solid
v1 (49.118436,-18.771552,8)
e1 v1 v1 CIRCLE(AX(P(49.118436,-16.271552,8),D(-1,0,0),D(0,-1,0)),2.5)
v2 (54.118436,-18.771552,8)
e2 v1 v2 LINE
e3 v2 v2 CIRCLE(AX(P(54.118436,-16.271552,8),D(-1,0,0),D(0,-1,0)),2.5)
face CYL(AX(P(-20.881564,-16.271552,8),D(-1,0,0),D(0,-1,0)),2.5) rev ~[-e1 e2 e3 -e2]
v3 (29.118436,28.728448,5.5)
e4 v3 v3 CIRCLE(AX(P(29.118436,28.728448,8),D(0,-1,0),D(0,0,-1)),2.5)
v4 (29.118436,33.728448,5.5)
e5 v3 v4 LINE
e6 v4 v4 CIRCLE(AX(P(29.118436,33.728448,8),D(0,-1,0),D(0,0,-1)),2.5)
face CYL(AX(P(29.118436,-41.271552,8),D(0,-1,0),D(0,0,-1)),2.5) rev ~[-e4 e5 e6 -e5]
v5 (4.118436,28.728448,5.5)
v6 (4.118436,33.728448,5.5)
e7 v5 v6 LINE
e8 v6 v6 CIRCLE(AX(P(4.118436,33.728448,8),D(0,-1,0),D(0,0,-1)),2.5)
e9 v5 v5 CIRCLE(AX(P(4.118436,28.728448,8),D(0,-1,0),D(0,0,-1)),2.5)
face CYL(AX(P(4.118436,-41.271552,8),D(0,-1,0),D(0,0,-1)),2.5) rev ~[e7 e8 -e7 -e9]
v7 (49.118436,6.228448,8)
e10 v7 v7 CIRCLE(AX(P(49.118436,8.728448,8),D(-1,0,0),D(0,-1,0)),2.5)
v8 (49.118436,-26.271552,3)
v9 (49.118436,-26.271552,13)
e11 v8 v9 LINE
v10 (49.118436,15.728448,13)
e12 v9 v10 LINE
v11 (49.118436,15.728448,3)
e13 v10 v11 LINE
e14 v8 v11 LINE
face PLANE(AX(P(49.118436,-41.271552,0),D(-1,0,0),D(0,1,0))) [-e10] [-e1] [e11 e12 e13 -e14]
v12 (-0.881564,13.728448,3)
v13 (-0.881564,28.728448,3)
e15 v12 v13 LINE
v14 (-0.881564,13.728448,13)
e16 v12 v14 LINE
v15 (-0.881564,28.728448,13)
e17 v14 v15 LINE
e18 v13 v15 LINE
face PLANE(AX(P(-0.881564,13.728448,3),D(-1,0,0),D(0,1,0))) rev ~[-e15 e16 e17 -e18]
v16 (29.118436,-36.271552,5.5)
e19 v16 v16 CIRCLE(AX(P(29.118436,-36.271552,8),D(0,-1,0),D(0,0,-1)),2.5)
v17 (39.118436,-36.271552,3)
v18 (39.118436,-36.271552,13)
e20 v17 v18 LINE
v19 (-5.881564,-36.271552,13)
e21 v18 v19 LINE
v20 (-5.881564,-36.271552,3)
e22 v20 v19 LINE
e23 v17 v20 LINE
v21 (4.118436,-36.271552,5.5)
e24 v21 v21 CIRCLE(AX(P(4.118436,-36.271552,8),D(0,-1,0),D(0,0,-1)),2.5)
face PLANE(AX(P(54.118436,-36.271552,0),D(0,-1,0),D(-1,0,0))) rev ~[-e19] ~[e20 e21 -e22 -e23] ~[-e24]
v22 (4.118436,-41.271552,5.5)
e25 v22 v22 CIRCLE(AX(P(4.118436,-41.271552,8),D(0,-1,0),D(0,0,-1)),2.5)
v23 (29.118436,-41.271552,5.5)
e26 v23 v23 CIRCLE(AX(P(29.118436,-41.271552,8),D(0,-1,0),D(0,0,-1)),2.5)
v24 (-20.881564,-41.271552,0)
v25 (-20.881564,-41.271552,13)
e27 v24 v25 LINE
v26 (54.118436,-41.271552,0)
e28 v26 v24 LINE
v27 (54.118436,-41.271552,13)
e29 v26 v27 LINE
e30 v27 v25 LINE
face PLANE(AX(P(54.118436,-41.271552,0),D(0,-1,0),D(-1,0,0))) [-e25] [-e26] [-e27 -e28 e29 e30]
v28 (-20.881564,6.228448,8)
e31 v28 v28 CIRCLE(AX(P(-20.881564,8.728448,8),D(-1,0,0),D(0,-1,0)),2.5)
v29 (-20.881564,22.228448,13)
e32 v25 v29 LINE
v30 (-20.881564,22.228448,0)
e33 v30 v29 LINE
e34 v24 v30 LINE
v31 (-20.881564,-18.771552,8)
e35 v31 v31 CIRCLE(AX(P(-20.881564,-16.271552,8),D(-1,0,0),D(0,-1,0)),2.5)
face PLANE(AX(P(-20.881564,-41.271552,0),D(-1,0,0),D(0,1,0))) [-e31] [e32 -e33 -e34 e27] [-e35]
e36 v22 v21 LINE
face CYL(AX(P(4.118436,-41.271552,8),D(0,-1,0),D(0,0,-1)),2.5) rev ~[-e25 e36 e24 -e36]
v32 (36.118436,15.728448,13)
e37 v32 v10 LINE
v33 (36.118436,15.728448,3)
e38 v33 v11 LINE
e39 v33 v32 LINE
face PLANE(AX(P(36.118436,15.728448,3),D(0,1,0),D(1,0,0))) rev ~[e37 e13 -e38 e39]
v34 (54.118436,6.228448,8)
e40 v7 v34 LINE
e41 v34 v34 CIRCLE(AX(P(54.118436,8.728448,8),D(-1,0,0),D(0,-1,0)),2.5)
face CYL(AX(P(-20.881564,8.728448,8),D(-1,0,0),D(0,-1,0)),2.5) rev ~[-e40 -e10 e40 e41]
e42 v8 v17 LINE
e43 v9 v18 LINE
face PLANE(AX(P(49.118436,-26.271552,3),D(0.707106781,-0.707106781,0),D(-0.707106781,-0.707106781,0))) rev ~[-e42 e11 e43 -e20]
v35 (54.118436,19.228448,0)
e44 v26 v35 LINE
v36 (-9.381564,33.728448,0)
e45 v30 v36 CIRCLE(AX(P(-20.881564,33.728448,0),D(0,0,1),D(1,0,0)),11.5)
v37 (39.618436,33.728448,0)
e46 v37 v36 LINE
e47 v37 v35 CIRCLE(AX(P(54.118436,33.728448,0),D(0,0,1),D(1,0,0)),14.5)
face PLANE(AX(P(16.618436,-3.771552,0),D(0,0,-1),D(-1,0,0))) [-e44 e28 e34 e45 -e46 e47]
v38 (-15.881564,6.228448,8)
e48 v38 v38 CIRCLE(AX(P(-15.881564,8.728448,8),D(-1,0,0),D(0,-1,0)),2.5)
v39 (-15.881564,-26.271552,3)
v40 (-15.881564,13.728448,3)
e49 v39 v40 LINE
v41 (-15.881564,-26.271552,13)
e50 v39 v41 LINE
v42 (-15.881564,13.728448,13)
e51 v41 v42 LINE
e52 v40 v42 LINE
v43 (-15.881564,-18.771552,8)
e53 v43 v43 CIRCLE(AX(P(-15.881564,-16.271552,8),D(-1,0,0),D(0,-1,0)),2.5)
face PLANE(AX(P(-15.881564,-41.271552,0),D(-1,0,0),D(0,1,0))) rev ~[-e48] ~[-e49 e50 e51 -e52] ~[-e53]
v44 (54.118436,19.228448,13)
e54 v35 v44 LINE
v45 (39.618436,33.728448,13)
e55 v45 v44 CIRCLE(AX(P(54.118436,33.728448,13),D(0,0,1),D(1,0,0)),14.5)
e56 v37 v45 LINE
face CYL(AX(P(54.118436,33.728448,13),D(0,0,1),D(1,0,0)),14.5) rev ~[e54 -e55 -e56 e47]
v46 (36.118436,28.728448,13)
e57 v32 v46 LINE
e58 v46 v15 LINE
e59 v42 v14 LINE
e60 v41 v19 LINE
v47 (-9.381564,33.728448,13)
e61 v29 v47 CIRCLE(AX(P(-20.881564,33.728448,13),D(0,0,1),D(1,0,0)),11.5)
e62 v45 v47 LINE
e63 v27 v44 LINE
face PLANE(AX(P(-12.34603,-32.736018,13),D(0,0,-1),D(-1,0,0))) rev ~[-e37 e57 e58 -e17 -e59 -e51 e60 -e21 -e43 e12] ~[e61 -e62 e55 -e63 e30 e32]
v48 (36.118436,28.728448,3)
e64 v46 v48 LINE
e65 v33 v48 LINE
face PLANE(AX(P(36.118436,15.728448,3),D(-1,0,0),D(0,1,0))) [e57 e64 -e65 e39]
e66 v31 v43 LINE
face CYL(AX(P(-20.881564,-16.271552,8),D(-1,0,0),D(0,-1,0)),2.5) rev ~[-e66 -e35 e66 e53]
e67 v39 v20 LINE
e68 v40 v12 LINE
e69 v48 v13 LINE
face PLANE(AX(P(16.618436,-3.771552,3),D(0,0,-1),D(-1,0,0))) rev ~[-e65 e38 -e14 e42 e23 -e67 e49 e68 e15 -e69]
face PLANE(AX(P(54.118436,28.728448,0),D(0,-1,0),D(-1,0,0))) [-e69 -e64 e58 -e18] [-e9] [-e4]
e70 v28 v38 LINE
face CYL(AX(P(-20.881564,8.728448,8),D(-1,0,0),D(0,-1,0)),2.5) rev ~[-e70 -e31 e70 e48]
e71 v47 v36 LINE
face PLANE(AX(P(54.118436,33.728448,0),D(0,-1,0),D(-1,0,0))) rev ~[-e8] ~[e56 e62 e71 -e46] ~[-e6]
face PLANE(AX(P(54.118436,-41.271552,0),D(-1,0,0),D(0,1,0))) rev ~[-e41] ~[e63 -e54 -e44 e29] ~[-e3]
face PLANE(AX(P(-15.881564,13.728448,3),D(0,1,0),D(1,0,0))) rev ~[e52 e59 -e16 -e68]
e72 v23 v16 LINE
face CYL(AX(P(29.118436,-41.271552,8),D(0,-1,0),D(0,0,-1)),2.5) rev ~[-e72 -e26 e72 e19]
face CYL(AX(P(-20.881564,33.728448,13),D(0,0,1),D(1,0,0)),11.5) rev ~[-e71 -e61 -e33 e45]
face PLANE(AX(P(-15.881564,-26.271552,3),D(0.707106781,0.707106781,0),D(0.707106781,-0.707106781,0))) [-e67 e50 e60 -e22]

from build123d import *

# Parameters (mm, degrees)
BOSS_EXTRU_1_DEPTH        = 13
COQUE1_T                  = -5
COQUE1_THICKNESS_2_FACE_W = 65
COQUE1_THICKNESS_2_FACE_H = 65
COQUE1_THICKNESS_2_DEPTH  = 2
ENL_V_MAT_EXTRU_1_REACH   = 88.587
ESQUISSE2_R               = 2.5
ENL_V_MAT_EXTRU_2_REACH   = 95.396
ESQUISSE3_R               = 2.5
ESQUISSE4_W               = 18
ESQUISSE4_H               = 18
ESQUISSE4_W_2             = 15
ESQUISSE4_H_2             = 15
BOSS_EXTRU_2_DEPTH        = 10
ESQUISSE5_R               = 11.5
ESQUISSE5_R_2             = 14.5
ENL_V_MAT_EXTRU_3_DEPTH   = 13


with BuildPart() as part:
    # Esquisse1 → Boss.-Extru.1 (new body)
    with BuildSketch(Plane.XY):
        Polygon((44.118436308, 33.728448276), (54.118436308, 33.728448276), (54.118436308, 23.728448276), (54.118436308, -41.271551724), (-20.881563692, -41.271551724), (-20.881563692, 33.728448276), align=None)
    extrude(amount=BOSS_EXTRU_1_DEPTH)

    # Coque1
    coque1_openings = [part.faces().sort_by_distance(p)[0] for p in [
        (16.618436308, -3.771551724, 13),
    ]]
    offset(amount=COQUE1_T, openings=coque1_openings, kind=Kind.INTERSECTION)

    # Coque1 thickness 2 face (on inner face of the shell) → Coque1 thickness 2 (cut)
    with BuildSketch(Plane(origin=(16.618436308, -3.771551724, 5), x_dir=(-1, 0, 0), z_dir=(0, 0, -1))):
        Rectangle(COQUE1_THICKNESS_2_FACE_W, COQUE1_THICKNESS_2_FACE_H)
    extrude(amount=COQUE1_THICKNESS_2_DEPTH, mode=Mode.SUBTRACT)

    # Enlèv. mat.-Extru.1: up to this face of the body (flat: up to its plane)
    enl_v_mat_extru_1_end = Plane(part.part.faces().sort_by_distance((54.118436308, -3.771551724, 6.5))[0])
    # Esquisse2 → Enlèv. mat.-Extru.1 (cut, up to the picked face)
    with BuildSketch(Plane.ZY.offset(20.881563692), mode=Mode.PRIVATE) as enl_v_mat_extru_1_sk1:
        with Locations(Location((8, -16.271551724, 0), (0, 0, 270))):
            Circle(ESQUISSE2_R)
    enl_v_mat_extru_1_tool1 = split(extrude(enl_v_mat_extru_1_sk1.sketch, amount=-ENL_V_MAT_EXTRU_1_REACH, mode=Mode.PRIVATE), bisect_by=enl_v_mat_extru_1_end, keep=Keep.BOTH, mode=Mode.PRIVATE)
    # Esquisse2 → Enlèv. mat.-Extru.1 (cut, up to the picked face)
    with BuildSketch(Plane.ZY.offset(20.881563692), mode=Mode.PRIVATE) as enl_v_mat_extru_1_sk2:
        with Locations(Location((8, 8.728448276, 0), (0, 0, 270))):
            Circle(ESQUISSE2_R)
    enl_v_mat_extru_1_tool2 = split(extrude(enl_v_mat_extru_1_sk2.sketch, amount=-ENL_V_MAT_EXTRU_1_REACH, mode=Mode.PRIVATE), bisect_by=enl_v_mat_extru_1_end, keep=Keep.BOTH, mode=Mode.PRIVATE)
    add(enl_v_mat_extru_1_tool1.solids().sort_by(Axis((-20.881564, -16.271552, 8), (1, 0, 0)))[0], mode=Mode.SUBTRACT)
    add(enl_v_mat_extru_1_tool2.solids().sort_by(Axis((-20.881564, 8.728448, 8), (1, 0, 0)))[0], mode=Mode.SUBTRACT)

    # Enlèv. mat.-Extru.2: up to this face of the body (flat: up to its plane)
    enl_v_mat_extru_2_end = Plane(part.part.faces().sort_by_distance((16.618436308, 33.728448276, 6.5))[0])
    # Esquisse3 → Enlèv. mat.-Extru.2 (cut, up to the picked face)
    with BuildSketch(Plane.XZ.offset(41.271551724), mode=Mode.PRIVATE) as enl_v_mat_extru_2_sk1:
        with Locations(Location((4.118436308, 8, 0), (0, 0, 270))):
            Circle(ESQUISSE3_R)
    enl_v_mat_extru_2_tool1 = split(extrude(enl_v_mat_extru_2_sk1.sketch, amount=-ENL_V_MAT_EXTRU_2_REACH, mode=Mode.PRIVATE), bisect_by=enl_v_mat_extru_2_end, keep=Keep.BOTH, mode=Mode.PRIVATE)
    # Esquisse3 → Enlèv. mat.-Extru.2 (cut, up to the picked face)
    with BuildSketch(Plane.XZ.offset(41.271551724), mode=Mode.PRIVATE) as enl_v_mat_extru_2_sk2:
        with Locations(Location((29.118436308, 8, 0), (0, 0, 270))):
            Circle(ESQUISSE3_R)
    enl_v_mat_extru_2_tool2 = split(extrude(enl_v_mat_extru_2_sk2.sketch, amount=-ENL_V_MAT_EXTRU_2_REACH, mode=Mode.PRIVATE), bisect_by=enl_v_mat_extru_2_end, keep=Keep.BOTH, mode=Mode.PRIVATE)
    add(enl_v_mat_extru_2_tool1.solids().sort_by(Axis((4.118436, -41.271552, 8), (0, 1, 0)))[0], mode=Mode.SUBTRACT)
    add(enl_v_mat_extru_2_tool2.solids().sort_by(Axis((29.118436, -41.271552, 8), (0, 1, 0)))[0], mode=Mode.SUBTRACT)

    # Esquisse4 → Boss.-Extru.2 (add)
    with BuildSketch(Plane.XY.offset(3)):
        Polygon((-15.881563692, -26.271551724), (-5.881563692, -36.271551724), (-15.881563692, -36.271551724), align=None)
        with Locations((45.118436308, 24.728448276)):
            Rectangle(ESQUISSE4_W, ESQUISSE4_H)
        Polygon((49.118436308, -36.271551724), (49.118436308, -26.271551724), (39.118436308, -36.271551724), align=None)
        with Locations((-8.381563692, 21.228448276)):
            Rectangle(ESQUISSE4_W_2, ESQUISSE4_H_2)
    extrude(amount=BOSS_EXTRU_2_DEPTH)

    # Esquisse5 → Enlèv. mat.-Extru.3 (cut)
    with BuildSketch(Plane.XY.offset(13)):
        with Locations((-20.881563692, 33.728448276)):
            Circle(ESQUISSE5_R)
        with Locations((54.118436308, 33.728448276)):
            Circle(ESQUISSE5_R_2)
    extrude(amount=-ENL_V_MAT_EXTRU_3_DEPTH, mode=Mode.SUBTRACT)


solid = part.part
